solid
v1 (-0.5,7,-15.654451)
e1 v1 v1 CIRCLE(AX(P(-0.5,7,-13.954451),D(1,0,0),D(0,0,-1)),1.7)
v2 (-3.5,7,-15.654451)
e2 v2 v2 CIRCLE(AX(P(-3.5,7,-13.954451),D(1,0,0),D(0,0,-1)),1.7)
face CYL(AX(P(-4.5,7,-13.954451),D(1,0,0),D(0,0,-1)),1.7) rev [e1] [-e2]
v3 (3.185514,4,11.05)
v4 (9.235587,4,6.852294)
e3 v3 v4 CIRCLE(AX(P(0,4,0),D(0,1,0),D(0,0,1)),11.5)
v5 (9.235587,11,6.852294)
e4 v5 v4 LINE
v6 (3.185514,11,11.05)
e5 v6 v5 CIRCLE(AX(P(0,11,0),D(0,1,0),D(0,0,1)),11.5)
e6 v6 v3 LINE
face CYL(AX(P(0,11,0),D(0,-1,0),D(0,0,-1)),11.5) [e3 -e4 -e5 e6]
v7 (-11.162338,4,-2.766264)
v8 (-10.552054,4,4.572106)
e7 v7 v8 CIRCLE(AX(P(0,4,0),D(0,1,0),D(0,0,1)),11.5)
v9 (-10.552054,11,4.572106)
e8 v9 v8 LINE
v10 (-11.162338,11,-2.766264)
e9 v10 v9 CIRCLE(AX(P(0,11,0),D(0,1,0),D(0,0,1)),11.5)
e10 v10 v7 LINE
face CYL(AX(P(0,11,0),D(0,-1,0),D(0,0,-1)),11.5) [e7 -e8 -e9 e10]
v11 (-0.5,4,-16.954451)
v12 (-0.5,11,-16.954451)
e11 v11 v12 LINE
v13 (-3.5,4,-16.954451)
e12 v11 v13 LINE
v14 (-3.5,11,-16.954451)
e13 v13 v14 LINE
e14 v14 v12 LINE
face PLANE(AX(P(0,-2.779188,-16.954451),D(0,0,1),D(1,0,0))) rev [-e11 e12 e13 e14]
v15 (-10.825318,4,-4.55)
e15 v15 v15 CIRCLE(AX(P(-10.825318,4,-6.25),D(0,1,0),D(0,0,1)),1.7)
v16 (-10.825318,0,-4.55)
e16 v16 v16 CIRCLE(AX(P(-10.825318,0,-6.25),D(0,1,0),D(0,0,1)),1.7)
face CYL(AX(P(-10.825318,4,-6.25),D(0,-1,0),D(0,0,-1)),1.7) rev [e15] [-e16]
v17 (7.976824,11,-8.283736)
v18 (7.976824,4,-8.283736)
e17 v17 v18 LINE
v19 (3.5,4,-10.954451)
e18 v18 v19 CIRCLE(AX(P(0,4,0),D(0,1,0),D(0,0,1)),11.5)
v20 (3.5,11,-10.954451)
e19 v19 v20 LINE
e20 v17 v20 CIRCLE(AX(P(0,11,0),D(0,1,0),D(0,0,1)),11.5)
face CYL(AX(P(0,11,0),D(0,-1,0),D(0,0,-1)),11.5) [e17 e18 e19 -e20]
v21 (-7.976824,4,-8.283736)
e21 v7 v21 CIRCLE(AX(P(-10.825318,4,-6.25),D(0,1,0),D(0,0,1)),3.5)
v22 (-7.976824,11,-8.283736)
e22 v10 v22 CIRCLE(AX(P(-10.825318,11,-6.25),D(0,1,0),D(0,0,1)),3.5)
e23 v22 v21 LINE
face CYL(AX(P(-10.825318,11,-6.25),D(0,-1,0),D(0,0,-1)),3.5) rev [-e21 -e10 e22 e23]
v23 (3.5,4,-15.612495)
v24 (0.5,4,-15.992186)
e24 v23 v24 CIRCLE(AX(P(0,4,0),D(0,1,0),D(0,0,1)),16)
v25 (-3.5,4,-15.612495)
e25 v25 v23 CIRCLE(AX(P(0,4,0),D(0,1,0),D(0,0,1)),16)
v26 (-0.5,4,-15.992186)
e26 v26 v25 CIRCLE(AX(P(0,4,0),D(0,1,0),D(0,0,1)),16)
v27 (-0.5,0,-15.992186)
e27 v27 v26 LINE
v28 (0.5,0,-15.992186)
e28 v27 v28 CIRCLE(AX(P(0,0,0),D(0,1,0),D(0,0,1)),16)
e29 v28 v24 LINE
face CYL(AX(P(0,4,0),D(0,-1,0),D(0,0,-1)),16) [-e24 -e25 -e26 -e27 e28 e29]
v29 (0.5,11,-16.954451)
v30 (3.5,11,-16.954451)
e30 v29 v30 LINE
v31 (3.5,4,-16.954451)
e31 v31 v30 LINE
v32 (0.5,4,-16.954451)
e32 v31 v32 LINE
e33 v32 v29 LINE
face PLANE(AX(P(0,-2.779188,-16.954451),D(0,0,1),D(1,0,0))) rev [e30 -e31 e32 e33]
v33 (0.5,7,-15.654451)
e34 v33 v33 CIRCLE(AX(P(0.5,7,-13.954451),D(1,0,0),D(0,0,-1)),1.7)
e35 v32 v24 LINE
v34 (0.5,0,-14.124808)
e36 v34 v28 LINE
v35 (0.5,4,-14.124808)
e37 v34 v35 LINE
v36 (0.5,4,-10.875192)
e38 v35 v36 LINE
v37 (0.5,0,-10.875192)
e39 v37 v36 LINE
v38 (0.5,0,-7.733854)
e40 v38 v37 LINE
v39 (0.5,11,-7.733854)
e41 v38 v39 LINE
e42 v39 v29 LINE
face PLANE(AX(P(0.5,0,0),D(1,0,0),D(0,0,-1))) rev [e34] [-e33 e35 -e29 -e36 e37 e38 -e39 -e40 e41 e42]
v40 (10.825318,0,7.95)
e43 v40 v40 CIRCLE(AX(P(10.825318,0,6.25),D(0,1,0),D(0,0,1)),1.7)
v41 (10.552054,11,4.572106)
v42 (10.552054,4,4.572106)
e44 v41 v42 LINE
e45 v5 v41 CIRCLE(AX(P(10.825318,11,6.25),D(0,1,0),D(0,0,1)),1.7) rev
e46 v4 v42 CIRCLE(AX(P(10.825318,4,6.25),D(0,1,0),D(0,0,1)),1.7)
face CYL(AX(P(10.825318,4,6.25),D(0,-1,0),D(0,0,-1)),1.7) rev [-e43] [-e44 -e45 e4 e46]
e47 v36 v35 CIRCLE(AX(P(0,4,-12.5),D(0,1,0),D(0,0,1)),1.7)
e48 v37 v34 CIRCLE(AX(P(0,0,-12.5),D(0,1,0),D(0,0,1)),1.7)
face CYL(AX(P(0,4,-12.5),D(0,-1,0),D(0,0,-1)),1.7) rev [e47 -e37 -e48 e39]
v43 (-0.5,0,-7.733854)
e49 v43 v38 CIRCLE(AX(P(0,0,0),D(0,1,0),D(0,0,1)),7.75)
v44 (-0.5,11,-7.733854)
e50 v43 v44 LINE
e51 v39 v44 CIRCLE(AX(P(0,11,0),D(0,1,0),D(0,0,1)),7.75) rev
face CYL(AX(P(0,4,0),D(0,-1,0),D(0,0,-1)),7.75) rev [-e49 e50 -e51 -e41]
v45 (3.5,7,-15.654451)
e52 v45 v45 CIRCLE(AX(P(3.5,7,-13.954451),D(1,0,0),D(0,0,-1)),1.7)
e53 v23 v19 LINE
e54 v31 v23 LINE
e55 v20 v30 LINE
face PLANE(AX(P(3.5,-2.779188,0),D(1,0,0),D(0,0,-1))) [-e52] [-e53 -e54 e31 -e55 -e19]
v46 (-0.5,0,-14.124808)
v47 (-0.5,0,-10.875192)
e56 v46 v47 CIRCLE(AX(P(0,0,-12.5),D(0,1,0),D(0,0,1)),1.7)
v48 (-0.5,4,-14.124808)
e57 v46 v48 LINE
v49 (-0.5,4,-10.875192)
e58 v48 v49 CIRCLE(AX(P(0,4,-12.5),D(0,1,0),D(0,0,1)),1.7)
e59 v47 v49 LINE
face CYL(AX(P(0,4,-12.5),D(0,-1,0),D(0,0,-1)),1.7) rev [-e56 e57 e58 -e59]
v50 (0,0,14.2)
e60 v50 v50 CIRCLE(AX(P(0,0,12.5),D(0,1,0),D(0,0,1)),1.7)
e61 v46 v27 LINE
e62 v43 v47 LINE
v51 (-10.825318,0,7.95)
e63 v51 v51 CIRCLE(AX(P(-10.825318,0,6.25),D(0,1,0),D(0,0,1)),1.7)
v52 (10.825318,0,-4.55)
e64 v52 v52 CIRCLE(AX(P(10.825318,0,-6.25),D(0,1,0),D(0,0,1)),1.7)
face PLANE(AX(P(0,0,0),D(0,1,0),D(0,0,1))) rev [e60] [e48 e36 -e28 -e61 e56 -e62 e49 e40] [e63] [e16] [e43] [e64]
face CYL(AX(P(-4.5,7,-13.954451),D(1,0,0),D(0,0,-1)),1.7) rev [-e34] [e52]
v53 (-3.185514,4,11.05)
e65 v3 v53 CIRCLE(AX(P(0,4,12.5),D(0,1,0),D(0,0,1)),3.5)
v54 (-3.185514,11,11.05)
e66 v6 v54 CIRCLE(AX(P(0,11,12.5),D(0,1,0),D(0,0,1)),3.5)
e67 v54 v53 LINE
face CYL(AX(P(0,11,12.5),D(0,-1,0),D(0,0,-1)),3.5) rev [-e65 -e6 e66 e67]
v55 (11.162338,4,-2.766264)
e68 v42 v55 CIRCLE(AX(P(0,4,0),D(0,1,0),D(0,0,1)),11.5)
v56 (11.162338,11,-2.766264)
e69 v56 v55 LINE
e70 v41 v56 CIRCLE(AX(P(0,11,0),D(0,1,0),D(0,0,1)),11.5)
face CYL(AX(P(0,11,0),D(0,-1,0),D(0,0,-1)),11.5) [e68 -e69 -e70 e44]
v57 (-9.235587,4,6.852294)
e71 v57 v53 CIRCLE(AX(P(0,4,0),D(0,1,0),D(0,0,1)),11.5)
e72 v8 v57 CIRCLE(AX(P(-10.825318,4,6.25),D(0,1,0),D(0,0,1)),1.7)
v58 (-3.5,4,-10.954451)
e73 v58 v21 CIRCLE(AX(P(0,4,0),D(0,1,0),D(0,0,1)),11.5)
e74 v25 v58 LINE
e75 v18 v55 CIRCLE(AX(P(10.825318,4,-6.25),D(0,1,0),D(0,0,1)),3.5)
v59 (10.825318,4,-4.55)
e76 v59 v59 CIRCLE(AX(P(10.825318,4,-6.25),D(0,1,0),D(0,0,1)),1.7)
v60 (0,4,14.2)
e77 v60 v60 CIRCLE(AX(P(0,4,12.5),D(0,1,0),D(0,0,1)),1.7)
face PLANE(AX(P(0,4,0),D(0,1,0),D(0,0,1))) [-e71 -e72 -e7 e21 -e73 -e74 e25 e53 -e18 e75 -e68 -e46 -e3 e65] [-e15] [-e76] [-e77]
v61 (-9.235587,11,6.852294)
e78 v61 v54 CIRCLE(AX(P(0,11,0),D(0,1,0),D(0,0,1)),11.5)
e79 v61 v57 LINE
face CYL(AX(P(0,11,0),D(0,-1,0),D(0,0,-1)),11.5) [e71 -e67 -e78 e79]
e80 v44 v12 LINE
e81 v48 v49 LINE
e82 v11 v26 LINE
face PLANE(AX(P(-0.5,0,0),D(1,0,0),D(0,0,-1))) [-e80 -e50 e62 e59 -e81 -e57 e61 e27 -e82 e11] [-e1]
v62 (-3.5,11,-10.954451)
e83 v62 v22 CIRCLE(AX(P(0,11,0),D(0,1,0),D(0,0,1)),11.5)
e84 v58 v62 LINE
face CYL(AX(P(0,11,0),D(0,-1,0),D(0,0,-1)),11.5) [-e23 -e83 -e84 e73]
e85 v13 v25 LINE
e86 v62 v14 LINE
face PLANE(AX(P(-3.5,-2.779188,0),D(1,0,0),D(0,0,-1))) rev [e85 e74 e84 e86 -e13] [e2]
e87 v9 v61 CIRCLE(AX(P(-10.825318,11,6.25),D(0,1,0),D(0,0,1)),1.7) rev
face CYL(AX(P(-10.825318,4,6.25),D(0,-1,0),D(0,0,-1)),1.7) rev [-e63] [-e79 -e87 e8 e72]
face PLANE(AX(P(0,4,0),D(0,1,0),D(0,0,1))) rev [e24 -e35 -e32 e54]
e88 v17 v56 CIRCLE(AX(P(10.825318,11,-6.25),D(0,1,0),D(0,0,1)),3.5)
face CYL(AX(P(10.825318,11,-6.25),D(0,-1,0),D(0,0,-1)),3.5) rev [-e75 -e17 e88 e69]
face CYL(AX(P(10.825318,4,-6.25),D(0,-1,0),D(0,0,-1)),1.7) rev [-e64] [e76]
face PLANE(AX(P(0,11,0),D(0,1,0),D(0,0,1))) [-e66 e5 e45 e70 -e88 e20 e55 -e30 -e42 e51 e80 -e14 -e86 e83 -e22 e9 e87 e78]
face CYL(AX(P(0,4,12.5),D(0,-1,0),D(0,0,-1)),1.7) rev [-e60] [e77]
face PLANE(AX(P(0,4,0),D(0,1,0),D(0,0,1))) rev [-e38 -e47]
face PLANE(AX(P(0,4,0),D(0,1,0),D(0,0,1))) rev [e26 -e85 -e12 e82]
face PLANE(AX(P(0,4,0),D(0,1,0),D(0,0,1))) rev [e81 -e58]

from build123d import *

# Parameters (mm, degrees)
SKETCH_1_R          = 16
SKETCH_1_R_2        = 7.75
SKETCH_1_R_3        = 1.7
EXTRUDE_1_DEPTH     = 4
SKETCH_2_R          = 7.75
EXTRUDE_2_DEPTH     = 7
CUT_EXTRUDE_START   = -11
SKETCH_3_W          = 1
SKETCH_3_H          = 8.04554885
SKETCH_3_H_2        = 6
CUT_EXTRUDE_1_DEPTH = 11
EXTRUDE_START       = -7
EXTRUDE_3_DEPTH     = 7
SKETCH_4_R          = 1.7
CUT_EXTRUDE_2_DEPTH = 8


with BuildPart() as part:
    # 草图1 → 凸台-拉伸1 (new body)
    with BuildSketch(Plane(origin=(0, 0, 0), x_dir=(1, 0, 0), z_dir=(0, 1, 0))):
        with Locations(Location((0, 0, 0), (0, 0, 270))):
            Circle(SKETCH_1_R)
        with Locations(Location((0, 0, 0), (0, 0, 270))):
            Circle(SKETCH_1_R_2, mode=Mode.SUBTRACT)
        with Locations(Location((0, 12.5, 0), (0, 0, 270))):
            Circle(SKETCH_1_R_3, mode=Mode.SUBTRACT)
        with Locations(Location((10.825317547, 6.25, 0), (0, 0, 270))):
            Circle(SKETCH_1_R_3, mode=Mode.SUBTRACT)
        with Locations(Location((10.825317547, -6.25, 0), (0, 0, 270))):
            Circle(SKETCH_1_R_3, mode=Mode.SUBTRACT)
        with Locations(Location((0, -12.5, 0), (0, 0, 270))):
            Circle(SKETCH_1_R_3, mode=Mode.SUBTRACT)
        with Locations(Location((-10.825317547, -6.25, 0), (0, 0, 270))):
            Circle(SKETCH_1_R_3, mode=Mode.SUBTRACT)
        with Locations(Location((-10.825317547, 6.25, 0), (0, 0, 270))):
            Circle(SKETCH_1_R_3, mode=Mode.SUBTRACT)
    extrude(amount=EXTRUDE_1_DEPTH)

    # 草图2 → 凸台-拉伸2 (add)
    with BuildSketch(Plane(origin=(0, 4, 0), x_dir=(1, 0, 0), z_dir=(0, 1, 0))):
        with BuildLine():
            ThreePointArc((-3.185514087, -11.05), (0, -9), (3.185514087, -11.05))
            ThreePointArc((3.185514087, -11.05), (6.555617772, -9.448485362), (9.23558726, -6.852293628))
            ThreePointArc((9.23558726, -6.852293628), (9.353074361, -5.4), (10.552053986, -4.572106372))
            ThreePointArc((10.552053986, -4.572106372), (11.260519989, -2.334671193), (11.5, 0))
            ThreePointArc((11.5, 0), (11.415272318, 1.393397971), (11.162337755, 2.766263876))
            ThreePointArc((11.162337755, 2.766263876), (7.794228634, 4.5), (7.976823668, 8.283736124))
            ThreePointArc((7.976823668, 8.283736124), (4.904819465, 10.401574209), (1.316466726, 11.4244))
            ThreePointArc((1.316466726, 11.4244), (0, 10.8), (-1.316466726, 11.4244))
            ThreePointArc((-1.316466726, 11.4244), (-4.904819465, 10.401574209), (-7.976823668, 8.283736124))
            ThreePointArc((-7.976823668, 8.283736124), (-7.492171243, 7.317771376), (-7.325317547, 6.25))
            ThreePointArc((-7.325317547, 6.25), (-8.472613861, 3.658709711), (-11.162337755, 2.766263876))
            ThreePointArc((-11.162337755, 2.766263876), (-11.460437236, -0.953088847), (-10.552053986, -4.572106372))
            ThreePointArc((-10.552053986, -4.572106372), (-9.530221401, -5.148761619), (-9.125317547, -6.25))
            ThreePointArc((-9.125317547, -6.25), (-9.153112194, -6.556152341), (-9.23558726, -6.852293628))
            ThreePointArc((-9.23558726, -6.852293628), (-6.555617772, -9.448485362), (-3.185514087, -11.05))
        make_face()
        with Locations(Location((0, 0, 0), (0, 0, 270))):
            Circle(SKETCH_2_R, mode=Mode.SUBTRACT)
    extrude(amount=EXTRUDE_2_DEPTH)

    # 草图3 → 切除-拉伸1 (cut)
    with BuildSketch(Plane(origin=(0, 11, 0), x_dir=(1, 0, 0), z_dir=(0, 1, 0)).offset(CUT_EXTRUDE_START)):
        with BuildLine():
            Line((0.5, -7.733854149), (0.5, 0))
            Line((0.5, 0), (-0.5, 0))
            Line((-0.5, 0), (-0.5, -7.733854149))
            ThreePointArc((-0.5, -7.733854149), (0, -7.75), (0.5, -7.733854149))
        make_face()
        with BuildLine():
            Line((-0.5, 0), (0.5, 0))
            Line((0.5, 0), (0.5, 7.733854149))
            ThreePointArc((0.5, 7.733854149), (0, 7.75), (-0.5, 7.733854149))
            Line((-0.5, 7.733854149), (-0.5, 0))
        make_face()
        with Locations((0, 20.977225575)):
            Rectangle(SKETCH_3_W, SKETCH_3_H)
        with Locations((0, 13.95445115)):
            Rectangle(SKETCH_3_W, SKETCH_3_H_2)
        with BuildLine():
            ThreePointArc((-0.5, 7.733854149), (0, 7.75), (0.5, 7.733854149))
            Line((0.5, 7.733854149), (0.5, 10.875192319))
            ThreePointArc((0.5, 10.875192319), (0, 10.8), (-0.5, 10.875192319))
            Line((-0.5, 10.875192319), (-0.5, 7.733854149))
        make_face()
    extrude(amount=CUT_EXTRUDE_1_DEPTH, mode=Mode.SUBTRACT)

    # 草图3<3> → 凸台-拉伸3 (add)
    with BuildSketch(Plane(origin=(0, 11, 0), x_dir=(1, 0, 0), z_dir=(0, 1, 0)).offset(EXTRUDE_START)):
        with BuildLine():
            Line((-0.708010418, 10.95445115), (-0.5, 10.95445115))
            Line((-0.5, 10.95445115), (-0.5, 16.95445115))
            Line((-0.5, 16.95445115), (-3.5, 16.95445115))
            Line((-3.5, 16.95445115), (-3.5, 10.95445115))
            ThreePointArc((-3.5, 10.95445115), (-2.419669587, 11.242561945), (-1.316466726, 11.4244))
            ThreePointArc((-1.316466726, 11.4244), (-1.039153457, 11.154578099), (-0.708010418, 10.95445115))
        make_face()
        with BuildLine():
            Line((0.5, 16.95445115), (0.5, 10.95445115))
            Line((0.5, 10.95445115), (0.708010418, 10.95445115))
            ThreePointArc((0.708010418, 10.95445115), (1.039153457, 11.154578099), (1.316466726, 11.4244))
            ThreePointArc((1.316466726, 11.4244), (2.419669587, 11.242561945), (3.5, 10.95445115))
            Line((3.5, 10.95445115), (3.5, 16.95445115))
            Line((3.5, 16.95445115), (0.5, 16.95445115))
        make_face()
        with BuildLine():
            ThreePointArc((-0.708010418, 10.95445115), (-0.605303877, 10.911413453), (-0.5, 10.875192319))
            Line((-0.5, 10.875192319), (-0.5, 10.95445115))
            Line((-0.5, 10.95445115), (-0.708010418, 10.95445115))
        make_face()
        with BuildLine():
            Line((0.5, 10.95445115), (0.5, 10.875192319))
            ThreePointArc((0.5, 10.875192319), (0.605303877, 10.911413453), (0.708010418, 10.95445115))
            Line((0.708010418, 10.95445115), (0.5, 10.95445115))
        make_face()
    extrude(amount=EXTRUDE_3_DEPTH)

    # 草图4 → 切除-拉伸2 (cut)
    with BuildSketch(Plane(origin=(3.5, 0, 0), x_dir=(0, 0, -1), z_dir=(1, 0, 0))):
        with Locations((13.95445115, 7)):
            Circle(SKETCH_4_R)
    extrude(amount=-CUT_EXTRUDE_2_DEPTH, mode=Mode.SUBTRACT)


solid = part.part
